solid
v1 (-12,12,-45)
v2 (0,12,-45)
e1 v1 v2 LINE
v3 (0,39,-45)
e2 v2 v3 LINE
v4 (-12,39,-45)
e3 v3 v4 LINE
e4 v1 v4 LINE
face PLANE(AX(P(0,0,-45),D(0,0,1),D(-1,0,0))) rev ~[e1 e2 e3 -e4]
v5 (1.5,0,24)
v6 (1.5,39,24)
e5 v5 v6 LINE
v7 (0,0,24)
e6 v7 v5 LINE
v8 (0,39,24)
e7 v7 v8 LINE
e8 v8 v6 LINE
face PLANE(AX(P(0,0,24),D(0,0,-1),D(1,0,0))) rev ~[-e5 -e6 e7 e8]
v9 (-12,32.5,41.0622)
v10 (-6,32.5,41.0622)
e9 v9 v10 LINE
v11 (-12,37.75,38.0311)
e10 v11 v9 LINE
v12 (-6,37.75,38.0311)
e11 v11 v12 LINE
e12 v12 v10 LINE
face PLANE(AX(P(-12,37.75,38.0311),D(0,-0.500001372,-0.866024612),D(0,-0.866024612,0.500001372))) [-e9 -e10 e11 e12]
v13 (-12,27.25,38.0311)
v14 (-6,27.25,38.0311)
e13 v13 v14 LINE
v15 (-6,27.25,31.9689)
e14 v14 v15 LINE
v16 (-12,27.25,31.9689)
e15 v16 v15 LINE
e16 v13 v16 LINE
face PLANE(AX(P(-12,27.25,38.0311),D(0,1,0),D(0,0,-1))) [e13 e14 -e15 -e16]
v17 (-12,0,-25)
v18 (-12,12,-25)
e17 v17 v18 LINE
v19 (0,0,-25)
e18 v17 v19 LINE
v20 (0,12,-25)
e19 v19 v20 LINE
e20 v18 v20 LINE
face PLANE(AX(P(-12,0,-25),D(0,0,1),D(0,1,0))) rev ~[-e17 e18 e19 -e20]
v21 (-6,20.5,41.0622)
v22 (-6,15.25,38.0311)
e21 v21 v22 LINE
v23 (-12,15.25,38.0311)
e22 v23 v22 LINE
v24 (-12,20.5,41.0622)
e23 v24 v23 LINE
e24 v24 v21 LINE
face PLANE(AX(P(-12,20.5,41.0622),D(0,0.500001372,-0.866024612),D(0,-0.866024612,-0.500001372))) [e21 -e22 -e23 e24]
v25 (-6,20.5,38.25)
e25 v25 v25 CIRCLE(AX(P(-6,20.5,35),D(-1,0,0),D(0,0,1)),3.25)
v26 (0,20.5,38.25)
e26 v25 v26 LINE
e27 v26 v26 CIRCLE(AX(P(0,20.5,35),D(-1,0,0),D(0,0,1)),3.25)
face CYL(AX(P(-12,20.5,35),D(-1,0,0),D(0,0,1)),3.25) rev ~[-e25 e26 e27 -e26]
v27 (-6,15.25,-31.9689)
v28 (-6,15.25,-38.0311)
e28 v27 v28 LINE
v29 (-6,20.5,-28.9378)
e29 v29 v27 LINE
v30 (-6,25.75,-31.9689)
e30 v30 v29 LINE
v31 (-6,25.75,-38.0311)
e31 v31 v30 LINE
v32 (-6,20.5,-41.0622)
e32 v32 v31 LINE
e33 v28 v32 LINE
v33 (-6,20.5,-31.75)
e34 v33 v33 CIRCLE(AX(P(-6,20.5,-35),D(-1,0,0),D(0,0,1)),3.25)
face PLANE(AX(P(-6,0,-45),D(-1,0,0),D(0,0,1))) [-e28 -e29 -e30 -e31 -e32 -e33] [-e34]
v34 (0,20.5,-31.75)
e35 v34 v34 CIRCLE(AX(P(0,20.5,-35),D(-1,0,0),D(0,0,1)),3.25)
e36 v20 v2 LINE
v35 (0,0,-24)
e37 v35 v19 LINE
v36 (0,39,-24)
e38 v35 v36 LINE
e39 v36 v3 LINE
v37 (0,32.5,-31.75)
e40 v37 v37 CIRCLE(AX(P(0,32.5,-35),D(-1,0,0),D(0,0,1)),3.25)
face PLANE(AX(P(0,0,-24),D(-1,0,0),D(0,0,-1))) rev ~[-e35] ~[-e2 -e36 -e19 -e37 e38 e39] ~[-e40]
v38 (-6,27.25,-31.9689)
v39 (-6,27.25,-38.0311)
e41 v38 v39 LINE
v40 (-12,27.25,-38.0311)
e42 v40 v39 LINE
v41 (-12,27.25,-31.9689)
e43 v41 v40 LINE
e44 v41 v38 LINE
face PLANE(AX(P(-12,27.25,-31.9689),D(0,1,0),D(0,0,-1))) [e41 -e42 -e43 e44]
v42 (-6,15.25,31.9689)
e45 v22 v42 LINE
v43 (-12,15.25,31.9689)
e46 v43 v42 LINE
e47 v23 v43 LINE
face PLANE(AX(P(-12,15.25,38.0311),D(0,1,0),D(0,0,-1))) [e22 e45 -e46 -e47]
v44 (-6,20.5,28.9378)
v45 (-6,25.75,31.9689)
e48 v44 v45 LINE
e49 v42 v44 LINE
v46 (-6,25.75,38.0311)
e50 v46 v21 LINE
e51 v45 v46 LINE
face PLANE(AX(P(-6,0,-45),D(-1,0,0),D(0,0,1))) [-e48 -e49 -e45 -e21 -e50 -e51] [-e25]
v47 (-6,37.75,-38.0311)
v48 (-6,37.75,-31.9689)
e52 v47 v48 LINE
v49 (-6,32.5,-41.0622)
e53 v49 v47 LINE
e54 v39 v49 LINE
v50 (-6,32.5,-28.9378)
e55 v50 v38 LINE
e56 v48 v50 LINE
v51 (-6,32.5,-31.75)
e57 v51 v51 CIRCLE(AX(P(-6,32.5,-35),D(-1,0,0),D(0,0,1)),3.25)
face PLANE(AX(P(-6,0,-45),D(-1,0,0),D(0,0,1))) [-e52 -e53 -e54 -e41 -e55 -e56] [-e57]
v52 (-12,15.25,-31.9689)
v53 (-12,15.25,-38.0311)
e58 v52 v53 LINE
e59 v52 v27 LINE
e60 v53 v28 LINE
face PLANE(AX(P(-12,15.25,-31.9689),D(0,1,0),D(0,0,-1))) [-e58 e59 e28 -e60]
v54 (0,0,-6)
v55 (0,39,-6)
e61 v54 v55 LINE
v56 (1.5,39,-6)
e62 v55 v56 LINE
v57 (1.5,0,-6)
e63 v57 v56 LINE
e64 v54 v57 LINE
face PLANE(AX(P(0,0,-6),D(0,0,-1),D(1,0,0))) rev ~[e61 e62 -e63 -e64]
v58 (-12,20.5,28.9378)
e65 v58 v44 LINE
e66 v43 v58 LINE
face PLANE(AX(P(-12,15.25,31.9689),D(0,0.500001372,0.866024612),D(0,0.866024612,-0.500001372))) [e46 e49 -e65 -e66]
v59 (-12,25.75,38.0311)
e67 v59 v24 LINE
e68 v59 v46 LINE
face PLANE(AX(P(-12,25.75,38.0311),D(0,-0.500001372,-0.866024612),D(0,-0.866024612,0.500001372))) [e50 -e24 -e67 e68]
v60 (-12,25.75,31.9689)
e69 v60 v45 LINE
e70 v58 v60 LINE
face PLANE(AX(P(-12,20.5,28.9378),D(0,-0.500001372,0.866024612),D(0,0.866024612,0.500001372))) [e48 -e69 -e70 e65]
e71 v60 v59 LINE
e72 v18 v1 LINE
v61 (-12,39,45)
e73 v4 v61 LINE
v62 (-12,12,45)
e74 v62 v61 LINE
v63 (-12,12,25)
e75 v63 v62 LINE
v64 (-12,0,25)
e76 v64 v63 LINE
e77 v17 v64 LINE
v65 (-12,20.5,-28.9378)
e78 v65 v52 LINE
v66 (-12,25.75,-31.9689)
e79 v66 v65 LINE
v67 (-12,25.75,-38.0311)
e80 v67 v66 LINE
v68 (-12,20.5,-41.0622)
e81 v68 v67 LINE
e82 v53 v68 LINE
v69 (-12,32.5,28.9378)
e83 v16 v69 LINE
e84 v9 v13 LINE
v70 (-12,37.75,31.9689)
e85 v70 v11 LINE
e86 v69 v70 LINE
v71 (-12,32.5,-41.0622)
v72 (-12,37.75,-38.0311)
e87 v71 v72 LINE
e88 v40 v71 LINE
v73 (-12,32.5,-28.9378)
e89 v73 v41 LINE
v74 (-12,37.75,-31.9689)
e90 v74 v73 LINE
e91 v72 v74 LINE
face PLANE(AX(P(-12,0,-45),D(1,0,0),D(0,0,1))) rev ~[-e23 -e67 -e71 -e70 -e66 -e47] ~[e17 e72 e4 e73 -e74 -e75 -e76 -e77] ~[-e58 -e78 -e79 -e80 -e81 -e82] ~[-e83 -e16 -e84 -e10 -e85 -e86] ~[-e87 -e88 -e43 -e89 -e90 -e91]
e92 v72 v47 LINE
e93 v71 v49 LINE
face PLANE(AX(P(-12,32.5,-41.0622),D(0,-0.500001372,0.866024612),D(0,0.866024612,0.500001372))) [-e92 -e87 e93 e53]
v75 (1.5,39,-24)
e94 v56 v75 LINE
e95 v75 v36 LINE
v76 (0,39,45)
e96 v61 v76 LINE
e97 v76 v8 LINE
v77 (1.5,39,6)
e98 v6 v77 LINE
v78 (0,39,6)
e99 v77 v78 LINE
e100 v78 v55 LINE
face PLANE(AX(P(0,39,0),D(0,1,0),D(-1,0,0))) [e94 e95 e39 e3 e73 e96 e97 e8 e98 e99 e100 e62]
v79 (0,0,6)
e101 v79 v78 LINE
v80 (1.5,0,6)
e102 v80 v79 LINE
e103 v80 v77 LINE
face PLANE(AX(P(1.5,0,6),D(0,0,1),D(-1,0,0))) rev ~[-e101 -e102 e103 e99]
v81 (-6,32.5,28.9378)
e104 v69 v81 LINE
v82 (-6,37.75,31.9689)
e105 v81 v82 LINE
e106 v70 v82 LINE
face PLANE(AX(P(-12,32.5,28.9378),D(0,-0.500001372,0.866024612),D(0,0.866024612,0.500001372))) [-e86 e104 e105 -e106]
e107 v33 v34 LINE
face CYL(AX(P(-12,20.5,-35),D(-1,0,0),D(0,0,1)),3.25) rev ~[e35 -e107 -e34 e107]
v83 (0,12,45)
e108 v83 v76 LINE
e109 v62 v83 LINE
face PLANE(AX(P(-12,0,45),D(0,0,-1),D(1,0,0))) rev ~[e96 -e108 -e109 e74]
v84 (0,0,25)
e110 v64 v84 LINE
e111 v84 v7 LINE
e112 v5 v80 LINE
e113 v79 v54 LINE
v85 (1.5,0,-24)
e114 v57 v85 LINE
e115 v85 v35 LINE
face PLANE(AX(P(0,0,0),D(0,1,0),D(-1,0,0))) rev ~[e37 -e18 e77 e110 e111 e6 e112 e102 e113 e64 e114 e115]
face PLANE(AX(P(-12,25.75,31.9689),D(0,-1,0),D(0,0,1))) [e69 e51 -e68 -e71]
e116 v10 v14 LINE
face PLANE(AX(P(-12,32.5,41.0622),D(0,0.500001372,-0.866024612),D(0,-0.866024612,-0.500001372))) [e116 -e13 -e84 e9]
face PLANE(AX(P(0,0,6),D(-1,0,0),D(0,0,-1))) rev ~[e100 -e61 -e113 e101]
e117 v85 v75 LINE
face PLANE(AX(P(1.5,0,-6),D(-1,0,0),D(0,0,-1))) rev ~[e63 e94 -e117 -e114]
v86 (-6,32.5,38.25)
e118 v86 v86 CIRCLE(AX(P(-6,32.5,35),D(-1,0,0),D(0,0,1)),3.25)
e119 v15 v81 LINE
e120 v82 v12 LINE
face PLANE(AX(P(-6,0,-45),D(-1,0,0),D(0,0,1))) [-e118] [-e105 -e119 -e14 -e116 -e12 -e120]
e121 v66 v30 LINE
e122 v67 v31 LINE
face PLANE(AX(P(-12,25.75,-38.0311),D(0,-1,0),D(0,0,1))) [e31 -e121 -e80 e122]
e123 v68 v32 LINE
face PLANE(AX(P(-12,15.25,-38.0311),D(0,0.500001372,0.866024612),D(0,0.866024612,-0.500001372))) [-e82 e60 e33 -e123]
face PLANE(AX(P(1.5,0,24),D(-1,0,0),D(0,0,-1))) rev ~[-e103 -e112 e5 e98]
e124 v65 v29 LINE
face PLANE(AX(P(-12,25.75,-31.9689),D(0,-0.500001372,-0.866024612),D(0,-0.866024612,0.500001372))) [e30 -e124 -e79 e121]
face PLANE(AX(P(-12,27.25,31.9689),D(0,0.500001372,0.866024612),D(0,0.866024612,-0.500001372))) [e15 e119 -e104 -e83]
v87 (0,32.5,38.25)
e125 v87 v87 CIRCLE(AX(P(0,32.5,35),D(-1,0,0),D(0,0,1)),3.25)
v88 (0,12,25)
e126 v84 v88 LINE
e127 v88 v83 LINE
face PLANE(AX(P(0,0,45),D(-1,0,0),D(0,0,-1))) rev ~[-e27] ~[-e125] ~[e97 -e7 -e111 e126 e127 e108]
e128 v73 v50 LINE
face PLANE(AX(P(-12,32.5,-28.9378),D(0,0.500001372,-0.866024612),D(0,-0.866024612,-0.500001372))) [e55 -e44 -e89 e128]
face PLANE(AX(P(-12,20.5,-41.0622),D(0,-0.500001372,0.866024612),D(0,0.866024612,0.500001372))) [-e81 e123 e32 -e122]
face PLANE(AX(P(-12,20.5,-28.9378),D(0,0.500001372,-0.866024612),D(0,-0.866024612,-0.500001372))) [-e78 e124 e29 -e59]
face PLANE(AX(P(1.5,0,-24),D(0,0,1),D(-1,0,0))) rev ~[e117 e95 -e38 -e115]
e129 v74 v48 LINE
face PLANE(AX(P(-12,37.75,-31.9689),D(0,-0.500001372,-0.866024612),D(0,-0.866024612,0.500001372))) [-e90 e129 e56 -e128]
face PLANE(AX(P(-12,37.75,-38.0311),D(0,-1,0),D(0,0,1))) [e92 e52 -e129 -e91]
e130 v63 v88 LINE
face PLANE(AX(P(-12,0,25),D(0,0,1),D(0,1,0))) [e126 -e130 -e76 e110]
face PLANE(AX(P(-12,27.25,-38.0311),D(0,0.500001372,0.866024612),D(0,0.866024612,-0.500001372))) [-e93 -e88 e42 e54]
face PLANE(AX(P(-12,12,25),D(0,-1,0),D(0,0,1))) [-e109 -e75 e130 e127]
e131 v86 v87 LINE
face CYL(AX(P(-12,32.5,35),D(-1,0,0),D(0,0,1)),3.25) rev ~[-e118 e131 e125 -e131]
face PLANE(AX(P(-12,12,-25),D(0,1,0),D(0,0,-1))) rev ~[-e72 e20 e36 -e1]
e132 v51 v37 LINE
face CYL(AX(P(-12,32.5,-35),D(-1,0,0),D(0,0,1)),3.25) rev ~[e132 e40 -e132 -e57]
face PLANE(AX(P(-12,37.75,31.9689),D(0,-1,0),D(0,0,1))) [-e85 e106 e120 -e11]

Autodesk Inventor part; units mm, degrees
ref_plane "YZ Plane" through (0, 0, 0) normal (1, 0, 0) x (0, 1, 0)
ref_plane "XZ Plane" through (0, 0, 0) normal (0, 1, 0) x (-1, 0, 0)
ref_plane "XY Plane" through (0, 0, 0) normal (0, 0, 1) x (1, 0, 0)
sketch "Szkic1" plane through (0, 0, 0) normal (0, 1, 0) x (-1, 0, 0)
  line L0 (12, 45) -> (0, 45)
  line L1 (0, 45) -> (0, -45)
  line L2 (0, -45) -> (12, -45)
  line L3 (12, -45) -> (12, 45)
  line L4 (0, 24) -> (-1.5, 24)
  line L5 (-1.5, 24) -> (-1.5, 6)
  line L6 (-1.5, 6) -> (0, 6)
  line L7 (0, 6) -> (0, 24)
  line L8 (0, -6) -> (-1.5, -6)
  line L9 (-1.5, -6) -> (-1.5, -24)
  line L10 (-1.5, -24) -> (0, -24)
  line L11 (0, -24) -> (0, -6)
  point P0 (0, 0)
  point P1 (0, -24)
  point P2 (0, 6)
  dimension "d0" = 90
  dimension "d1" = 12
  dimension "d2" = 45
  dimension "d3" = 21
  dimension "d4" = 18
  dimension "d5" = 1.5
  dimension "d6" = 21
  dimension "d7" = 18
extrude "Wyciągnięcie proste1" add sketch "Szkic1" along normal blind 39
sketch "Szkic2" plane through (-12, 0, -45) normal (-1, 0, 0) x (0, 0, 1)
  circle A0 centre (10, 32.5) radius 3.25
  circle A1 centre (10, 20.5) radius 3.25
  circle A2 centre (80, 32.5) radius 3.25
  circle A3 centre (80, 20.5) radius 3.25
  line L0 (0, 39) -> (90, 39) projected
  line L1 (0, 0) -> (0, 39) projected
  line L2 (90, 0) -> (90, 39) projected
  line L3 (0, 0) -> (20, 0)
  line L4 (20, 0) -> (20, 12)
  line L5 (20, 12) -> (0, 12)
  line L6 (0, 12) -> (0, 0)
  line L7 (0, 0) -> (90, 0) projected
  line L8 (90, 0) -> (70, 0)
  line L9 (70, 0) -> (70, 12)
  line L10 (70, 12) -> (90, 12)
  line L11 (90, 12) -> (90, 0)
  line L12 (13.0311, 37.75) -> (16.0622, 32.5)
  line L13 (16.0622, 32.5) -> (13.0311, 27.25)
  line L14 (13.0311, 27.25) -> (6.9689, 27.25)
  line L15 (6.9689, 27.25) -> (3.9378, 32.5)
  line L16 (3.9378, 32.5) -> (6.9689, 37.75)
  line L17 (6.9689, 37.75) -> (13.0311, 37.75)
  line L18 (13.0311, 25.75) -> (16.0622, 20.5)
  line L19 (16.0622, 20.5) -> (13.0311, 15.25)
  line L20 (13.0311, 15.25) -> (6.9689, 15.25)
  line L21 (6.9689, 15.25) -> (3.9378, 20.5)
  line L22 (3.9378, 20.5) -> (6.9689, 25.75)
  line L23 (6.9689, 25.75) -> (13.0311, 25.75)
  line L24 (76.9689, 25.75) -> (83.0311, 25.75)
  line L25 (83.0311, 25.75) -> (86.0622, 20.5)
  line L26 (86.0622, 20.5) -> (83.0311, 15.25)
  line L27 (83.0311, 15.25) -> (76.9689, 15.25)
  line L28 (76.9689, 15.25) -> (73.9378, 20.5)
  line L29 (73.9378, 20.5) -> (76.9689, 25.75)
  line L30 (76.9689, 37.75) -> (83.0311, 37.75)
  line L31 (83.0311, 37.75) -> (86.0622, 32.5)
  line L32 (86.0622, 32.5) -> (83.0311, 27.25)
  line L33 (83.0311, 27.25) -> (76.9689, 27.25)
  line L34 (76.9689, 27.25) -> (73.9378, 32.5)
  line L35 (73.9378, 32.5) -> (76.9689, 37.75)
  point P0 (45, 0)
  point P1 (0, 12)
  dimension "d10" = 6.5
  dimension "d11" = 6.5
  dimension "d12" = 10
  dimension "d13" = 12
  dimension "d14" = 10
  dimension "d15" = 20
  dimension "d16" = 12
  dimension "d17" = 20
  dimension "d18" = 10.5
  dimension "d19" = 10.5
  dimension "d20" = 10.5
  dimension "d21" = 10.5
extrude "Wyciągnięcie proste2" cut sketch "Szkic2" against normal through all contours A0 | A1 | A2 | A3 | L5 L4 L3 L1 | L2 L7 L9 L10
extrude "Wyciągnięcie proste3" cut sketch "Szkic2" against normal blind 6 contours A0 | A1 | A2 | A3 | L12 L13 L14 L15 L16 L17 | L18 L19 L20 L21 L22 L23 | L24 L25 L26 L27 L28 L29 | L30 L31 L32 L33 L34 L35
equation "\"d14\" = d12"
equation "\"d19\" = d18"
equation "\"d20\" = d18"
equation "\"d21\" = d18"
properties part number "YCarriageBackHolder" material "Tworzywo sztuczne ABS"
